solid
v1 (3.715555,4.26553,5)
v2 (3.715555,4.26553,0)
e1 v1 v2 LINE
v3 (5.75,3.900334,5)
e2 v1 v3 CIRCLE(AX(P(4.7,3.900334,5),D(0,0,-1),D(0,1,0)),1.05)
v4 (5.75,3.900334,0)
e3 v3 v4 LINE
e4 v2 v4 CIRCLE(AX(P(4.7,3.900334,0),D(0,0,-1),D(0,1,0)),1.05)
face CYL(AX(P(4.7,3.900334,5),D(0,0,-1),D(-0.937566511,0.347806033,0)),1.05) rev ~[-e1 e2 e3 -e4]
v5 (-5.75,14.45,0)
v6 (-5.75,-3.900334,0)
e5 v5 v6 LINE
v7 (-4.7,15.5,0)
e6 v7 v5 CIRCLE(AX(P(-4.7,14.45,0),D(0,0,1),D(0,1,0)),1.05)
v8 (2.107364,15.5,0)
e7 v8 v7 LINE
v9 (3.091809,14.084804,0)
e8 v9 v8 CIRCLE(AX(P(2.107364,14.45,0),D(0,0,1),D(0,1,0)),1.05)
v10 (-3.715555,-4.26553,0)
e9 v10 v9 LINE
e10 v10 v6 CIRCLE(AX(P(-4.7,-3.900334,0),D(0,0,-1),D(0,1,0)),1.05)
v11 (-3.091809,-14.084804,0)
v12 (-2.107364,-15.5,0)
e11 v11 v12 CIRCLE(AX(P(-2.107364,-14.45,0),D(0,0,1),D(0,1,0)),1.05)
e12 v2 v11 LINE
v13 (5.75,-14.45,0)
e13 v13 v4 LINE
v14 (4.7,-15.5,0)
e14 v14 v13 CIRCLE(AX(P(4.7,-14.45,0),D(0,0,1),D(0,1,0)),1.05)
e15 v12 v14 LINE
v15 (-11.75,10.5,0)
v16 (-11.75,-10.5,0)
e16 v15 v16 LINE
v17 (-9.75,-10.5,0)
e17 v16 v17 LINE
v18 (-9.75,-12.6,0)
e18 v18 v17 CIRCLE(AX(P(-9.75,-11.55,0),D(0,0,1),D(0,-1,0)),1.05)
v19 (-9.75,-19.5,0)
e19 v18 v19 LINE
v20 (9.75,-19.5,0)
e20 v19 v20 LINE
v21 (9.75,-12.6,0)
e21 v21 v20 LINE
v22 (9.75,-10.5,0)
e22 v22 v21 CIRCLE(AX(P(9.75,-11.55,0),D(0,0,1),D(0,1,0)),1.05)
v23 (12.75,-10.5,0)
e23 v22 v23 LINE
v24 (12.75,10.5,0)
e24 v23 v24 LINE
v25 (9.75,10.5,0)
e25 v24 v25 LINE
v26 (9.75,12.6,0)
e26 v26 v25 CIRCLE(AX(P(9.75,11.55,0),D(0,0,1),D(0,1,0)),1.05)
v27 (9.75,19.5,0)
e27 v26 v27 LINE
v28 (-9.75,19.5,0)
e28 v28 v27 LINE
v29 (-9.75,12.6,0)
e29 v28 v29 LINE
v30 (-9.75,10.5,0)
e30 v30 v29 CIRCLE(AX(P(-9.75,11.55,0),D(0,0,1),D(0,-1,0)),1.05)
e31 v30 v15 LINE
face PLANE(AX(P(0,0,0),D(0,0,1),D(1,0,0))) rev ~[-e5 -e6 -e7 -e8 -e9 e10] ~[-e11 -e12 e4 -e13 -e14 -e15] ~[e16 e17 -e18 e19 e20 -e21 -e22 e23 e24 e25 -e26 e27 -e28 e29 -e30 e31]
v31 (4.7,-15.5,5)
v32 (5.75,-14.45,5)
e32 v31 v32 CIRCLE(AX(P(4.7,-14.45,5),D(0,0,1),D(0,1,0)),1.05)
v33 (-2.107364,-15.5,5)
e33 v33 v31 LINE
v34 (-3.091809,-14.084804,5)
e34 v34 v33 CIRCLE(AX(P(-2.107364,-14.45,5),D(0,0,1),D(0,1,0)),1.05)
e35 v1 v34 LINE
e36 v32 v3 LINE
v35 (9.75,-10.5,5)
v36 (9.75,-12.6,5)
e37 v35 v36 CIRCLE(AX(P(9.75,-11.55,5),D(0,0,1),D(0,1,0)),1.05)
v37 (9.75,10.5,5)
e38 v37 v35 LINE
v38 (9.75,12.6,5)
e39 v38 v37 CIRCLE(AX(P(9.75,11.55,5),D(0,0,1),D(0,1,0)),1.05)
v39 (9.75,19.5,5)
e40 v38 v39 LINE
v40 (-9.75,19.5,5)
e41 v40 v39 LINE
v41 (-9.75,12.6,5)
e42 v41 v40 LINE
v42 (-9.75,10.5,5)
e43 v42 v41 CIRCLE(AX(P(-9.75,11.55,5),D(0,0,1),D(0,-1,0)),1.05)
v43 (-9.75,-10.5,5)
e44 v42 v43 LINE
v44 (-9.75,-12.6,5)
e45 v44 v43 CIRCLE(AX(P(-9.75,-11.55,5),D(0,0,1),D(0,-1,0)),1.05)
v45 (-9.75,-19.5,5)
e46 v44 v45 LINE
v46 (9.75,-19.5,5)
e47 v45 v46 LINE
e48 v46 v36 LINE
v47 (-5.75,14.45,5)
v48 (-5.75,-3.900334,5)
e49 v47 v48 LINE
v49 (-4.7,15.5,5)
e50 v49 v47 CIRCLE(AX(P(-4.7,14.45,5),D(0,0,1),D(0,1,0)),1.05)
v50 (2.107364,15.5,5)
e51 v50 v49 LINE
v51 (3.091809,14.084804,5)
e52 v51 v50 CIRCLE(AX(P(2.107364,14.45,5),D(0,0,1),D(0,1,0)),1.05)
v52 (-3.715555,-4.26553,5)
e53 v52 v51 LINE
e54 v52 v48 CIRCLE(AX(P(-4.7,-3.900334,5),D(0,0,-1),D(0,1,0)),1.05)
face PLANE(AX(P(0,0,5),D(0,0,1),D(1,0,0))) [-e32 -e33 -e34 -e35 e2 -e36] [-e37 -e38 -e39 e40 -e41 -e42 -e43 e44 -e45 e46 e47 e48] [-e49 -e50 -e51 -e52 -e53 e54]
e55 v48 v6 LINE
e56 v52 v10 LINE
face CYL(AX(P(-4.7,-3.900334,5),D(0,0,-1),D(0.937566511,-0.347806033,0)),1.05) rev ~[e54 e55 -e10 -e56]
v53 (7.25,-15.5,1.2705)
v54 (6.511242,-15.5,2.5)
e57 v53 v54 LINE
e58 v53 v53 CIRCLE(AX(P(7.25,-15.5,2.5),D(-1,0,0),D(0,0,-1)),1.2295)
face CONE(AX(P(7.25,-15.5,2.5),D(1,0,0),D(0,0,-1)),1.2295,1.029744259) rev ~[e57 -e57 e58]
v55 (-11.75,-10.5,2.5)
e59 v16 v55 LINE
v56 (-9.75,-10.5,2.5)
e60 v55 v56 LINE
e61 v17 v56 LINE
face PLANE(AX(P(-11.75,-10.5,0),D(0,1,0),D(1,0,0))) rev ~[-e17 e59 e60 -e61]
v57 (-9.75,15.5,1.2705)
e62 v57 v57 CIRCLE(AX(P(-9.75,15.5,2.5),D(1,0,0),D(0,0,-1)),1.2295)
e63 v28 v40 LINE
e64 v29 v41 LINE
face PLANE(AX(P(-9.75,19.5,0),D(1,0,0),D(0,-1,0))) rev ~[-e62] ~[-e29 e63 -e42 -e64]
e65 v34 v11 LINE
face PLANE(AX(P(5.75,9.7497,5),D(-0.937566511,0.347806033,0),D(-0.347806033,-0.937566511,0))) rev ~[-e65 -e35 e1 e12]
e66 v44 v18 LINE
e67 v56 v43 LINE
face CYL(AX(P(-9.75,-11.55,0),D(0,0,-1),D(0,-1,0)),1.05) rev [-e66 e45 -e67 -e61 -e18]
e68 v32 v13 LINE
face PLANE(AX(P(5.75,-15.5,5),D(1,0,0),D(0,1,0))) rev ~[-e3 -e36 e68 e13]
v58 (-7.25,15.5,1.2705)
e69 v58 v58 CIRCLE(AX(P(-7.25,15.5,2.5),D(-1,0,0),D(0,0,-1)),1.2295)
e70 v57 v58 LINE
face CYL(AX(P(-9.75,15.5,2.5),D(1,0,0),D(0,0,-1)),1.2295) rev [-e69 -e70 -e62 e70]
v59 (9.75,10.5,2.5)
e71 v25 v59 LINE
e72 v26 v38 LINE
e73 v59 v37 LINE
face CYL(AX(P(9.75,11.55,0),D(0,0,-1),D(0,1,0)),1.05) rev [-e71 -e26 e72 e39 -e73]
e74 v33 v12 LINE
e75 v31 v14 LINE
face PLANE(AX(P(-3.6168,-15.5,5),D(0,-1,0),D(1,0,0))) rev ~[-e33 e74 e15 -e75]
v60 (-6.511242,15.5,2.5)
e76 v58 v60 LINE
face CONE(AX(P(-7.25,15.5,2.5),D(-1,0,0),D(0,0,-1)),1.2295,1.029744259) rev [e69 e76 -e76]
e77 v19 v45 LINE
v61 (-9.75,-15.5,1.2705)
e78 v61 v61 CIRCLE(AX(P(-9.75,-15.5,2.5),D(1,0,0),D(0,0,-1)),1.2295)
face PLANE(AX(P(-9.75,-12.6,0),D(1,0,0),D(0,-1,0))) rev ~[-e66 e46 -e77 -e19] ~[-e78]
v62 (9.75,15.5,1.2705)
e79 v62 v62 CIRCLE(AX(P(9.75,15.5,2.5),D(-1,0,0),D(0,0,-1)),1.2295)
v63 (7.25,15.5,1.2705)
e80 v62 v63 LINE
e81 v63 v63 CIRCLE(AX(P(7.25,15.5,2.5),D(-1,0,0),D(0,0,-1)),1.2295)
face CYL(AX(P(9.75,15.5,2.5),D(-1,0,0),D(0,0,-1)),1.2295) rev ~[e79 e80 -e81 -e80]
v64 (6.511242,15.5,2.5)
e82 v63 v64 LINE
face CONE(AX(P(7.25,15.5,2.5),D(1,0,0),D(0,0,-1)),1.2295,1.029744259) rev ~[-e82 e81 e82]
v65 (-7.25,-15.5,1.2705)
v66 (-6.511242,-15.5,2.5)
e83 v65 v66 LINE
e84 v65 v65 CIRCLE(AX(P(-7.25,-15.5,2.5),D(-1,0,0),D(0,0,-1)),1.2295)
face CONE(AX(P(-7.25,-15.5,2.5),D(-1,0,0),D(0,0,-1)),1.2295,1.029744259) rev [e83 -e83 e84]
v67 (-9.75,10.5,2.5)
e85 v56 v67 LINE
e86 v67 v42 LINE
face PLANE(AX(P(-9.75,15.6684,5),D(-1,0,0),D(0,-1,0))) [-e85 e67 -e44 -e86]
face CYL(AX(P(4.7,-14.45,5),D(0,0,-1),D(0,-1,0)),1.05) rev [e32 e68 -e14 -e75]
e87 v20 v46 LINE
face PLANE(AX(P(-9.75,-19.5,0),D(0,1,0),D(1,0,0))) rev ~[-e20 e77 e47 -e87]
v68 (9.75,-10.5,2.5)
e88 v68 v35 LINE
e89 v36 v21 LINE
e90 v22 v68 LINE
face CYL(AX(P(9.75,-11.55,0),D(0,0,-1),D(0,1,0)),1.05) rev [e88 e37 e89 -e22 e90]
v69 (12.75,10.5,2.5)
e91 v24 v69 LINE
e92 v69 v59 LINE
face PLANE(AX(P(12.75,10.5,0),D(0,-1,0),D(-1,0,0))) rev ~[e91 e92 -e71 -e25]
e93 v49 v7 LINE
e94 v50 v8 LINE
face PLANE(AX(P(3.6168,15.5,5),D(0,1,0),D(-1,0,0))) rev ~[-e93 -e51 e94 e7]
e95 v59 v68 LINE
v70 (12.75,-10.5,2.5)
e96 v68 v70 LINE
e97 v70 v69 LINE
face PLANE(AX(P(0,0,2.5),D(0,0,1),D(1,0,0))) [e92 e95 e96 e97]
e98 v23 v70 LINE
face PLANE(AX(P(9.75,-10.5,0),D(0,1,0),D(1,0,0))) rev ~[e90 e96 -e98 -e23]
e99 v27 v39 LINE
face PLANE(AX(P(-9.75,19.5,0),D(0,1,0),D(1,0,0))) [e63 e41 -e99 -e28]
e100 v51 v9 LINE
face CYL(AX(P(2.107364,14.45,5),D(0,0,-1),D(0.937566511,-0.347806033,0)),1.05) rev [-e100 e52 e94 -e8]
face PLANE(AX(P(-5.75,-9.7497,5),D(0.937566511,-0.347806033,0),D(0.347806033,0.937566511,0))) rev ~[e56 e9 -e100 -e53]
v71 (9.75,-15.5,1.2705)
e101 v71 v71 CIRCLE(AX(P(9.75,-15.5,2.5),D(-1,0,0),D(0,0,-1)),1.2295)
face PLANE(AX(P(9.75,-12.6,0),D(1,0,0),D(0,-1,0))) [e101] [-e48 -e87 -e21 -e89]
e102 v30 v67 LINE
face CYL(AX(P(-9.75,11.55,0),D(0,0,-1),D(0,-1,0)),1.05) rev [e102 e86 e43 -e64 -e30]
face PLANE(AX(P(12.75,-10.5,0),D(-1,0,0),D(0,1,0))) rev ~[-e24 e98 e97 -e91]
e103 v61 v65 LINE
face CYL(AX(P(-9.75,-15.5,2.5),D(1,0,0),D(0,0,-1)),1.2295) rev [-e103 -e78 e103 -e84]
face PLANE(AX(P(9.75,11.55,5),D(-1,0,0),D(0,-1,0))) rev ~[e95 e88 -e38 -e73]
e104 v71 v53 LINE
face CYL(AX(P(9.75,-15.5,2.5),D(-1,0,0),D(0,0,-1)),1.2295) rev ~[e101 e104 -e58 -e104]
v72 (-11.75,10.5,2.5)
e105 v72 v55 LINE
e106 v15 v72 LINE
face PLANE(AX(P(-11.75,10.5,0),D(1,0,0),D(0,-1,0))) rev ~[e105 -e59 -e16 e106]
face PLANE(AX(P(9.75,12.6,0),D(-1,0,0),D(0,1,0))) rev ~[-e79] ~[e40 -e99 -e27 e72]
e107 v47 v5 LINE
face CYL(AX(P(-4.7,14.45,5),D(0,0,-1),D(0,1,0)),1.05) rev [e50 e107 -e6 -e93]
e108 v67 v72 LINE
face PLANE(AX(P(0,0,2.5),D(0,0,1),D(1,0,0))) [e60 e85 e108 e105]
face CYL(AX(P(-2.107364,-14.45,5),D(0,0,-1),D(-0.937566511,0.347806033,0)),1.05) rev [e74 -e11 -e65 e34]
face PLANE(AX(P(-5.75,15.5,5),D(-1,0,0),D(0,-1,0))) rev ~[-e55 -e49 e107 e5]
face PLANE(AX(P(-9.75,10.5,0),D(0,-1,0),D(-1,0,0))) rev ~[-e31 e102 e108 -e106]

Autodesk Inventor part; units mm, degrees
ref_plane "YZ Plane" through (0, 0, 0) normal (1, 0, 0) x (0, 1, 0)
ref_plane "XZ Plane" through (0, 0, 0) normal (0, 1, 0) x (-1, 0, 0)
ref_plane "XY Plane" through (0, 0, 0) normal (0, 0, 1) x (1, 0, 0)
sketch "スケッチ1" plane through (0, 0, 0) normal (0, 0, 1) x (1, 0, 0)
  line L0 (-9.75, -19.5) -> (9.75, -19.5) construction
  line L1 (9.75, -19.5) -> (9.75, 19.5) construction
  line L2 (9.75, 19.5) -> (-9.75, 19.5) construction
  line L3 (-9.75, 19.5) -> (-9.75, -19.5) construction
  line L4 (-9.75, -19.5) -> (9.75, 19.5) construction
  line L5 (9.75, -19.5) -> (-9.75, 19.5) construction
  line L6 (-9.75, 10.5) -> (-9.75, 19.5) construction
  line L7 (-9.75, 19.5) -> (9.75, 19.5)
  line L8 (9.75, 19.5) -> (9.75, 10.5) construction
  line L9 (-9.75, 10.5) -> (-11.75, 10.5)
  line L10 (-11.75, 10.5) -> (-11.75, -10.5)
  line L11 (-11.75, -10.5) -> (-9.75, -10.5)
  line L12 (-9.75, -10.5) -> (-9.75, -19.5) construction
  line L13 (-9.75, -19.5) -> (9.75, -19.5)
  line L14 (9.75, -19.5) -> (9.75, -10.5) construction
  line L15 (9.75, -10.5) -> (12.75, -10.5)
  line L16 (12.75, -10.5) -> (12.75, 10.5)
  line L17 (12.75, 10.5) -> (9.75, 10.5)
  line L18 (0, 0) -> (12.75, 0) construction
  circle A0 centre (-9.75, 11.55) radius 1.05 construction
  circle A1 centre (-9.75, -11.55) radius 1.05 construction
  circle A2 centre (9.75, 11.55) radius 1.05 construction
  circle A3 centre (9.75, -11.55) radius 1.05 construction
  line L19 (-9.75, 19.5) -> (-9.75, 12.6)
  arc A4 (-9.75, 10.5) -> (-9.75, 12.6) centre (-9.75, 11.55) ccw
  arc A5 (-9.75, -12.6) -> (-9.75, -10.5) centre (-9.75, -11.55) ccw
  line L20 (-9.75, -12.6) -> (-9.75, -19.5)
  line L21 (9.75, 12.6) -> (9.75, 19.5)
  arc A6 (9.75, 12.6) -> (9.75, 10.5) centre (9.75, 11.55) ccw
  line L22 (9.75, -12.6) -> (9.75, -19.5)
  arc A7 (9.75, -10.5) -> (9.75, -12.6) centre (9.75, -11.55) ccw
  dimension "d21" = 2
  dimension "d23" = 3
  dimension "d30" = 19.5
  dimension "d48" = 9
  dimension "d49" = 39
  dimension "d50" = 2.1
extrude "押し出し1" add sketch "スケッチ1" along normal blind 5
sketch "スケッチ2" plane through (9.75, -19.5, 0) normal (1, 0, 0) x (0, 0, -1)
  line L0 (0, 0) -> (-5, 0) projected
  line L1 (0, 39) -> (-5, 39) projected
  point P0 (0, 19.5)
  point P1 (-2.5, 4)
  point P2 (-2.5, 35)
  point P3 (-2.5, 0)
  dimension "d53" = 4
  dimension "d54" = 4
hole "穴1" at (9.75, -15.5, 2.5) at (9.75, 15.5, 2.5) direction (-1, 0, 0) diameter 2.459 depth 2.5 tip angle 118 thread size "M3x0.5" class "6H" standard "ISO Metric profile"
mirror "ミラー1" about plane through (0, 0, 0) normal (1, 0, 0) of "穴1"
sketch "スケッチ3" plane through (0, 0, 5) normal (0, 0, 1) x (1, 0, 0)
  line L0 (9.75, 12.6) -> (9.75, 19.5) projected
  line L1 (-9.75, 19.5) -> (-9.75, 12.6) projected
  line L2 (-14.3307, 15.6684) -> (-9.75, 15.6684)
  line L3 (-9.75, 15.6684) -> (-9.75, -16.7148)
  line L4 (-9.75, -16.7148) -> (-14.3307, -16.7148)
  line L5 (-14.3307, -16.7148) -> (-14.3307, 15.6684)
  line L6 (15.2214, 11.55) -> (9.75, 11.55)
  line L7 (9.75, 11.55) -> (9.75, -15.9078)
  line L8 (9.75, -15.9078) -> (15.2214, -15.9078)
  line L9 (15.2214, -15.9078) -> (15.2214, 11.55)
  point P0 (0, 0)
extrude "押し出し2" cut sketch "スケッチ3" against normal blind 2.5
sketch "スケッチ4" plane through (0, 0, 5) normal (0, 0, 1) x (1, 0, 0)
  line L0 (9.75, 12.6) -> (9.75, 19.5) projected
  line L1 (9.75, 19.5) -> (-9.75, 19.5) projected
  line L2 (-9.75, -12.6) -> (-9.75, -19.5) projected
  line L3 (-9.75, -19.5) -> (9.75, -19.5) projected
  line L4 (-5.75, 15.5) -> (5.75, 15.5) construction
  line L5 (5.75, 15.5) -> (5.75, -15.5) construction
  line L6 (5.75, -15.5) -> (-5.75, -15.5) construction
  line L7 (-5.75, -15.5) -> (-5.75, 15.5) construction
  line L8 (5.75, 15.5) -> (-5.75, -15.5) construction
  line L9 (3.6168, 15.5) -> (-5.75, 15.5)
  line L10 (-5.75, 15.5) -> (-5.75, -9.7497)
  line L11 (-5.75, -9.7497) -> (3.6168, 15.5)
  line L12 (-3.6168, -15.5) -> (5.75, -15.5)
  line L13 (5.75, -15.5) -> (5.75, 9.7497)
  line L14 (5.75, 9.7497) -> (-3.6168, -15.5)
  point P0 (0, 0)
  dimension "d64" = 4
  dimension "d65" = 4
  dimension "d66" = 4
  dimension "d67" = 4
  dimension "d68" = 4
extrude "押し出し3" cut sketch "スケッチ4" against normal blind 5
fillet "フィレット1" radius 1.05 6 edges at (-3.6168, -15.5, 2.5) (-5.75, 15.5, 2.5) (3.6168, 15.5, 2.5) (5.75, 9.7497, 2.5) (-5.75, -9.7497, 2.5) (5.75, -15.5, 2.5)
equation "\"d48\" = d26 + d35"
equation "\"d49\" = d38"
equation "\"d53\" = d35"
equation "\"d54\" = d53"
equation "\"d66\" = d65"
equation "\"d68\" = d67"
equation "\"d26\" = 5"
equation "\"d35\" = 4"
equation "\"d38\" = 39"
properties part number "胴体_メインフレーム_1_12" material "アセタール樹脂、黒"
